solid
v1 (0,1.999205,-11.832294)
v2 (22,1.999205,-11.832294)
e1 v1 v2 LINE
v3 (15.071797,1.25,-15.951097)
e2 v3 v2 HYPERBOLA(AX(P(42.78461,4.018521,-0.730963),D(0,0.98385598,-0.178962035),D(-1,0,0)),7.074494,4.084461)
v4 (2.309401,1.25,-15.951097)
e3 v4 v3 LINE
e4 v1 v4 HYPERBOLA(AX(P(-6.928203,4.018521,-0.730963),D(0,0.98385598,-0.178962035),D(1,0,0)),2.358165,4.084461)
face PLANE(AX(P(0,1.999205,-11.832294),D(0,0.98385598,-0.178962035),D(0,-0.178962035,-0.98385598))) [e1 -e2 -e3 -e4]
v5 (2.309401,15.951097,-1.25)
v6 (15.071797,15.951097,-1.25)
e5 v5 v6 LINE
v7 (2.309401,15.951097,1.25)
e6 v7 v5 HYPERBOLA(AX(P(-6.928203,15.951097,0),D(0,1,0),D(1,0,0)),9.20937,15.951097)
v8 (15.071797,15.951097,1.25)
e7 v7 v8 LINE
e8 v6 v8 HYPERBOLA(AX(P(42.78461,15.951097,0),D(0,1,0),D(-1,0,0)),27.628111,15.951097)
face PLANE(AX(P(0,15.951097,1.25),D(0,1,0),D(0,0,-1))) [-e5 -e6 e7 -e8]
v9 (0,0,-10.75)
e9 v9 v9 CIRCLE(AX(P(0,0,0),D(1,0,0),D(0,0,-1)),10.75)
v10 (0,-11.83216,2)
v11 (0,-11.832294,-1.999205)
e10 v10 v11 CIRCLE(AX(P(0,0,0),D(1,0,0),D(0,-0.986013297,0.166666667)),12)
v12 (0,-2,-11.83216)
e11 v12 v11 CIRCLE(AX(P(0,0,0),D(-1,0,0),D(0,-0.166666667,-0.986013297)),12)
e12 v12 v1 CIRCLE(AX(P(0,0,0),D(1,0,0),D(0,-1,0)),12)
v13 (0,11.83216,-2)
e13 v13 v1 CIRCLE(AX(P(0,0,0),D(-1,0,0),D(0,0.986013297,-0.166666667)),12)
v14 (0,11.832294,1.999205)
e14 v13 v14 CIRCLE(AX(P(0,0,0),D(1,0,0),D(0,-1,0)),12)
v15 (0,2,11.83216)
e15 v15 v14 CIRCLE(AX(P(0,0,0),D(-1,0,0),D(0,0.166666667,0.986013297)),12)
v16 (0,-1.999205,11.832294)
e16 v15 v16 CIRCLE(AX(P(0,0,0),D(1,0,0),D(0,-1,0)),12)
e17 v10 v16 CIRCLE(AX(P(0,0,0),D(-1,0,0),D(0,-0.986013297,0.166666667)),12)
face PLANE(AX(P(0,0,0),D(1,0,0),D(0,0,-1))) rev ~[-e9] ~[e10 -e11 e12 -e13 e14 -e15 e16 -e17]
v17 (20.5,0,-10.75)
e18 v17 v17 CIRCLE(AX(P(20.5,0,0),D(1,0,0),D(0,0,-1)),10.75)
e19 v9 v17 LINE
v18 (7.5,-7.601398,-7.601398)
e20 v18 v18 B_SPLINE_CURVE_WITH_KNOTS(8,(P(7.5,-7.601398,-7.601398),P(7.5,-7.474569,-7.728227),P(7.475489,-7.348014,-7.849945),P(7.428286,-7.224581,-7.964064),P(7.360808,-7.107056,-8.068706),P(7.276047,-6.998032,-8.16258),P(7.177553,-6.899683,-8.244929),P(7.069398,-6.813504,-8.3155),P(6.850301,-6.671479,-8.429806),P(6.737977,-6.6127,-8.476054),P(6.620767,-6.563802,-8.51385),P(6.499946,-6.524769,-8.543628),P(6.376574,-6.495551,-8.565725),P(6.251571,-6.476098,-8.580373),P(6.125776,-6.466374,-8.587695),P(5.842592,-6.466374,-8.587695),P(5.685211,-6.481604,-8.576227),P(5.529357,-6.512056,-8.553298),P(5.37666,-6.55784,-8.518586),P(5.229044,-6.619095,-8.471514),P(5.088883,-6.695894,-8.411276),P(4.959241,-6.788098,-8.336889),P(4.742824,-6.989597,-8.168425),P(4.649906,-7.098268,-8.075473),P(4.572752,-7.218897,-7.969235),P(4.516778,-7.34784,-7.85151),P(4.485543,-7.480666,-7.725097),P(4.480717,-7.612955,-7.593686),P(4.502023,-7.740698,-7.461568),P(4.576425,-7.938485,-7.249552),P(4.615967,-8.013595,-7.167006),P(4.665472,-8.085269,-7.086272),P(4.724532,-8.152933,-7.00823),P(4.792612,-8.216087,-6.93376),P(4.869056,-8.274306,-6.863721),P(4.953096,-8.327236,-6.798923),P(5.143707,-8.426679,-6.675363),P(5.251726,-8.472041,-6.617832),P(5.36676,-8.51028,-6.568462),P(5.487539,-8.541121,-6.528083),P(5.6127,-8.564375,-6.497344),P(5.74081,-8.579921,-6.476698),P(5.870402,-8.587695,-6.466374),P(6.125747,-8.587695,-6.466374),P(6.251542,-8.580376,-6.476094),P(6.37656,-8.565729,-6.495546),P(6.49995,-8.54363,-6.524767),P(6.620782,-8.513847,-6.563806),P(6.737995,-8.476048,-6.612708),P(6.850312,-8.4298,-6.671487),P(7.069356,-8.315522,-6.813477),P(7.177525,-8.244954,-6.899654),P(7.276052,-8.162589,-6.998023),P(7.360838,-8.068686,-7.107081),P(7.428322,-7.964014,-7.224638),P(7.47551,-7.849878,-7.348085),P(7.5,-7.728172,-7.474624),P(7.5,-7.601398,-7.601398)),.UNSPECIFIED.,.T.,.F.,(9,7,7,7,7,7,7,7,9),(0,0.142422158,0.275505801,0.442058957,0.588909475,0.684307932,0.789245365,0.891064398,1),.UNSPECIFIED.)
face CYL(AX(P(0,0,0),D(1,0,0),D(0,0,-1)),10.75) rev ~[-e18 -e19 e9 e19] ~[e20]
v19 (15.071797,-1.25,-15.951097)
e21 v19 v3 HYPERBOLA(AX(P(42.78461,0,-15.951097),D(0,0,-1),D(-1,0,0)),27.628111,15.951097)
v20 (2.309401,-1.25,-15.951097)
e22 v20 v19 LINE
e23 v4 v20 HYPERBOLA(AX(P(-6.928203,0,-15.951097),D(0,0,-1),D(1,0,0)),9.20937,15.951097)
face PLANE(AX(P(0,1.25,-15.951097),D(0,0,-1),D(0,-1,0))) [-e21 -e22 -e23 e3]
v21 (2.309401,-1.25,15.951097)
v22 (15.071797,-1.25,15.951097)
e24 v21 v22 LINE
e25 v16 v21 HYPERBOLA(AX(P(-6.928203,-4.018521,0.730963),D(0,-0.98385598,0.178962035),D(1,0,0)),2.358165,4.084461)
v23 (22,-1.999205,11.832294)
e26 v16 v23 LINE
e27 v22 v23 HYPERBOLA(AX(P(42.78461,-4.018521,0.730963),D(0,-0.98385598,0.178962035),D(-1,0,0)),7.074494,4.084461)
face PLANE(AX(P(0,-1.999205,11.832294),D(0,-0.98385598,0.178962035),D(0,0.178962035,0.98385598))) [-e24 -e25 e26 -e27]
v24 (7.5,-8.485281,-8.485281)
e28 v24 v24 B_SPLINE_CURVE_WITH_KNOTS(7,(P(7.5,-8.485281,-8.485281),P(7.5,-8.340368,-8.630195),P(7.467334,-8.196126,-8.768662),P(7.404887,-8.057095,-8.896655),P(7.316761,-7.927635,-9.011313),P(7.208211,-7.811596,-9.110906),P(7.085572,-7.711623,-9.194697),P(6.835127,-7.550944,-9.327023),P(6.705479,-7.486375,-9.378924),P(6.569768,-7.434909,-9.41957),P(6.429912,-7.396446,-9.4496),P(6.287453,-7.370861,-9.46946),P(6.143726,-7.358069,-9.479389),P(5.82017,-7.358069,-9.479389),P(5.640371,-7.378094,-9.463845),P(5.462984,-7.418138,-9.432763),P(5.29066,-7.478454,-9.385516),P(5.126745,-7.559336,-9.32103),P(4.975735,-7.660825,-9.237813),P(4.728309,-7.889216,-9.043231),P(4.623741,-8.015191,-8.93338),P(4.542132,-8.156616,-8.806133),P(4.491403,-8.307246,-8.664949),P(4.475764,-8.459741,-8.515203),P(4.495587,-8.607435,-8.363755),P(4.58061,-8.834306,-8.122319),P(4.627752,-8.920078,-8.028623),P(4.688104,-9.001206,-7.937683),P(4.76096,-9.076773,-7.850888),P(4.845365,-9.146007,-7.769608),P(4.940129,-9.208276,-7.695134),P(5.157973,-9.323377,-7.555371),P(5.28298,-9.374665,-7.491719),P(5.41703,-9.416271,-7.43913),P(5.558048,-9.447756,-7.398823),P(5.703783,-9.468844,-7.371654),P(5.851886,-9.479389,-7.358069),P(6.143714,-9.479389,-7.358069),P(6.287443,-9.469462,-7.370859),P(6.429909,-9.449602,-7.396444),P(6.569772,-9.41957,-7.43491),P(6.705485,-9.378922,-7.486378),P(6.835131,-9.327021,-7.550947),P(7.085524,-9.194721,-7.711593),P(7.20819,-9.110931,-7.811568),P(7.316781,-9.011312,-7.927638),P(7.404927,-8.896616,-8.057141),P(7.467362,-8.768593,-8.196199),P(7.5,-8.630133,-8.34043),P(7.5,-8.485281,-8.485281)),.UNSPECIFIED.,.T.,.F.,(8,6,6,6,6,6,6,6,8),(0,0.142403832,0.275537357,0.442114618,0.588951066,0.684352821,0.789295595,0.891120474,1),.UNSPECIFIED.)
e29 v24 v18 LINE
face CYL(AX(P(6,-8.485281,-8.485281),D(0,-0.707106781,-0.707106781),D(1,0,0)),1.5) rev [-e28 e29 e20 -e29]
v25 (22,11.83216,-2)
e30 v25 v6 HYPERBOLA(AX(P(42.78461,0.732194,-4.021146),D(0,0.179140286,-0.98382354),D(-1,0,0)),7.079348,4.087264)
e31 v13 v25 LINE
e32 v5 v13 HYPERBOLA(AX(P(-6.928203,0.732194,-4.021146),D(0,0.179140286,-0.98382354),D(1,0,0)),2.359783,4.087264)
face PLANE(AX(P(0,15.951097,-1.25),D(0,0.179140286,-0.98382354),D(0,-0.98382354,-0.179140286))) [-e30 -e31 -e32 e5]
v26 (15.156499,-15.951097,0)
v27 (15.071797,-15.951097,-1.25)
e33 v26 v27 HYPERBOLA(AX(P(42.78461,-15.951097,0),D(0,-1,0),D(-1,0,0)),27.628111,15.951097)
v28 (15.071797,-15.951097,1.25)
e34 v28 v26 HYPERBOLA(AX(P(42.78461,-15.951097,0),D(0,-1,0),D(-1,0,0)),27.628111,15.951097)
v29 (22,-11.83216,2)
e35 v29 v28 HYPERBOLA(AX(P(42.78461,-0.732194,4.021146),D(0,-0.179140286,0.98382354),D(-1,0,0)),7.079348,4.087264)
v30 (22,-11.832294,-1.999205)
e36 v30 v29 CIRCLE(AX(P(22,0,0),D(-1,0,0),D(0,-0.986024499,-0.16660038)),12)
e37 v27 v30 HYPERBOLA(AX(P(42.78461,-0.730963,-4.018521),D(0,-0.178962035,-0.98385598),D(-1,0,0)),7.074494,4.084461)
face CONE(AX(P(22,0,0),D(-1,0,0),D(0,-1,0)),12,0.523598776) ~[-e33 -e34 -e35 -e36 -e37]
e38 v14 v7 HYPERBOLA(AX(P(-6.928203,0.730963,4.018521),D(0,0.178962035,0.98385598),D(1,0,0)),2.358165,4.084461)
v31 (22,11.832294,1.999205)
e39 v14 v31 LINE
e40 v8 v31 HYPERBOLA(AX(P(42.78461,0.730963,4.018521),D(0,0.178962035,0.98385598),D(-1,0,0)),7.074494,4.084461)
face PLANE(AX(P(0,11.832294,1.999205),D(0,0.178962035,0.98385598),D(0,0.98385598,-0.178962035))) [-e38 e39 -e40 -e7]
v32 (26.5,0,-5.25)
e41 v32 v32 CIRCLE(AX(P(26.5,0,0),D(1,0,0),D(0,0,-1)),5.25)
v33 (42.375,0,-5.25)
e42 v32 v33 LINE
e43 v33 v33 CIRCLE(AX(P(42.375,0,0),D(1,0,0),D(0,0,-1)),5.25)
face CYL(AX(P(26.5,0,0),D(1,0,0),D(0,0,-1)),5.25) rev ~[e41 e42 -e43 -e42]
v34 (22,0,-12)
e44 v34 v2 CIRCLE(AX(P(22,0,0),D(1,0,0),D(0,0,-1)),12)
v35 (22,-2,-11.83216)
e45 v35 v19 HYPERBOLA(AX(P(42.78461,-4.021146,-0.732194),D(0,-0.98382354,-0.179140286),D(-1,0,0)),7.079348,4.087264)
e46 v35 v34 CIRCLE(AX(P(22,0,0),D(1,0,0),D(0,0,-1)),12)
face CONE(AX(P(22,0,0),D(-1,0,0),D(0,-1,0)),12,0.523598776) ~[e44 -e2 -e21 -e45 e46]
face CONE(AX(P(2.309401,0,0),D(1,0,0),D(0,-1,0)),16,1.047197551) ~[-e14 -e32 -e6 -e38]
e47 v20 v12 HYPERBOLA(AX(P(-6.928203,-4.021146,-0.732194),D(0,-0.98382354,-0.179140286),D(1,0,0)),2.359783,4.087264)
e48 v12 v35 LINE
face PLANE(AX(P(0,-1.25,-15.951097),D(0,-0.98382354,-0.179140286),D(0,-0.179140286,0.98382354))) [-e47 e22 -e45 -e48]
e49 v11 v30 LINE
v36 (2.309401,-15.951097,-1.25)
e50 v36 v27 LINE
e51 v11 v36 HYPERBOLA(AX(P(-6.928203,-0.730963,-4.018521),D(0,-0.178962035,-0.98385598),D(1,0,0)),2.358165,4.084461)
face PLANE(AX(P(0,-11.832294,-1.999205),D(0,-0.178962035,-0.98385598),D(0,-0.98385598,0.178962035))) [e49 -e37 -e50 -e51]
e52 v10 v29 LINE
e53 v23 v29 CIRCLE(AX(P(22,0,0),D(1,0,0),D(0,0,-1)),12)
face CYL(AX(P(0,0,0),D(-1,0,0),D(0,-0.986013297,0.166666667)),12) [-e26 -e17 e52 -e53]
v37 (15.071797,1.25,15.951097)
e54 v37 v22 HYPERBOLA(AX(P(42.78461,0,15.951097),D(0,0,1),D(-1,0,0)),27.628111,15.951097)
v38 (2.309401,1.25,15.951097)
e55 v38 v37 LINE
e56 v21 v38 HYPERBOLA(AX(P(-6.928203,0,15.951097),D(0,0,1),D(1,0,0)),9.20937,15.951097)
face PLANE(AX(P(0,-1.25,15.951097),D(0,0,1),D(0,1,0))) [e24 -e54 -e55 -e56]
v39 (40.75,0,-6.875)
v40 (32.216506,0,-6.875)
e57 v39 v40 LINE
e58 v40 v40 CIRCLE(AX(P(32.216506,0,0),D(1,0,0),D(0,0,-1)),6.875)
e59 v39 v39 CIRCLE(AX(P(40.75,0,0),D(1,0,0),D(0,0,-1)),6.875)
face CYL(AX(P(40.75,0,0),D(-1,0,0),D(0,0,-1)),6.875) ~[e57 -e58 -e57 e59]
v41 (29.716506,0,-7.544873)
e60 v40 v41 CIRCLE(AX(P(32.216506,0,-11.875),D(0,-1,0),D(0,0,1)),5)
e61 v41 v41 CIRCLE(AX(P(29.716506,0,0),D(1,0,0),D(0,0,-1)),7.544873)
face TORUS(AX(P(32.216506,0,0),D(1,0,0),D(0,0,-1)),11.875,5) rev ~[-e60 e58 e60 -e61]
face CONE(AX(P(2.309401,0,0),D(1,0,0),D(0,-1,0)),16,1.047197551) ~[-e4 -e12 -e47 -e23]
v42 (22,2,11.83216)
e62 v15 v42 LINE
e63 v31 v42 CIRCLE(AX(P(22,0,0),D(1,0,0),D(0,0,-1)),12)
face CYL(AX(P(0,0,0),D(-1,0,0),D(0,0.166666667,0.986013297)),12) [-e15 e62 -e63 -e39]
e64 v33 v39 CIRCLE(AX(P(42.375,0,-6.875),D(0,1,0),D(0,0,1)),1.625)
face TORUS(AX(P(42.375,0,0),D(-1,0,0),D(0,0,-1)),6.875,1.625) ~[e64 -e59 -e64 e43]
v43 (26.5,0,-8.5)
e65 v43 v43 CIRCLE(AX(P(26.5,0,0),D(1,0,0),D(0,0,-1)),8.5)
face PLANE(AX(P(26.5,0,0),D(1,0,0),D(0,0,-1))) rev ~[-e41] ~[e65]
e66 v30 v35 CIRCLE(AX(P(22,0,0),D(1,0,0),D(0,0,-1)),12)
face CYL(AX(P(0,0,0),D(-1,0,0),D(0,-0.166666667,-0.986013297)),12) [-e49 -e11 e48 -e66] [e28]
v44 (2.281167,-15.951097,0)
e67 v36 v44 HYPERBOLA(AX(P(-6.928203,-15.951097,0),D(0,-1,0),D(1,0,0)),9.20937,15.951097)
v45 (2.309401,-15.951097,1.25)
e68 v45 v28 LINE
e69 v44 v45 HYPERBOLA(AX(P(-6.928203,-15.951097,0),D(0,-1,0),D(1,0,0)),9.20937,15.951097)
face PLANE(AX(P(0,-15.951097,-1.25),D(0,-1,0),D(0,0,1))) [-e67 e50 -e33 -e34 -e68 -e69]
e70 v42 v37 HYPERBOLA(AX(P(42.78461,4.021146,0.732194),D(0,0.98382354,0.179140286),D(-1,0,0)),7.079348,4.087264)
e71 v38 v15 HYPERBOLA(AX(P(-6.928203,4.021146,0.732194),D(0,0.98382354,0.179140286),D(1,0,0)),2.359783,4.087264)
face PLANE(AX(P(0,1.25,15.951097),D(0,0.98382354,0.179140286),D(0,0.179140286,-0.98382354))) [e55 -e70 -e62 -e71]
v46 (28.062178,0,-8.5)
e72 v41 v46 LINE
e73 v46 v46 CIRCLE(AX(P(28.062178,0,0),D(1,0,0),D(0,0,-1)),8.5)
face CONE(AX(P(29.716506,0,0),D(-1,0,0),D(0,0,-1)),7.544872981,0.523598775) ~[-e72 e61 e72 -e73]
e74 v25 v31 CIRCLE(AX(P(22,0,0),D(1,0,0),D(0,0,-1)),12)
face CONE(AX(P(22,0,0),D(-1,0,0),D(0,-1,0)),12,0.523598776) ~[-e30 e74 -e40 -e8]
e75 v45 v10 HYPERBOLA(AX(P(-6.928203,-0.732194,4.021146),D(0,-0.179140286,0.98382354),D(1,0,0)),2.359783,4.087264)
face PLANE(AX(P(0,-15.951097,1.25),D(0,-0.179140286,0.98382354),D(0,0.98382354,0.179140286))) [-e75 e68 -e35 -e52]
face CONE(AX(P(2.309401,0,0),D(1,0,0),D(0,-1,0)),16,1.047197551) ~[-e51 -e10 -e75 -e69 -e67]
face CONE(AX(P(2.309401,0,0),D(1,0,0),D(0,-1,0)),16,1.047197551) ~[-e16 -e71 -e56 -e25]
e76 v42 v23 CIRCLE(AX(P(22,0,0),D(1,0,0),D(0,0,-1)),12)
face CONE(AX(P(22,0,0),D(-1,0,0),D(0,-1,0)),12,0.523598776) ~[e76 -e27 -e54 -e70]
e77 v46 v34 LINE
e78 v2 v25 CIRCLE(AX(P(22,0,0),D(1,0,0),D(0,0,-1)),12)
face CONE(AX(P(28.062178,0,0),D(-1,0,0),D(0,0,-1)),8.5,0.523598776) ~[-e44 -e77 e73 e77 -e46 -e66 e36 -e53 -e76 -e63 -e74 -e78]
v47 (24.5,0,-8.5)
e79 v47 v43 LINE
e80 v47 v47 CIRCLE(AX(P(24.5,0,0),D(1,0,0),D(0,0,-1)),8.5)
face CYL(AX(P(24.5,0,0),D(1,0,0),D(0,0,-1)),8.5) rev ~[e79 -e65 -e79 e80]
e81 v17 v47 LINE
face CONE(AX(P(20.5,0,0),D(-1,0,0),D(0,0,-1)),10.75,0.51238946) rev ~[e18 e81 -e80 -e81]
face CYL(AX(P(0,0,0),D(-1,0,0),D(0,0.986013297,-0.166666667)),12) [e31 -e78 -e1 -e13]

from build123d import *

# Parameters (mm, degrees)
CUT_EXTRUDE9_DEPTH  = 45.0000001
CUT_EXTRUDE10_REACH = 36.558
SKETCH8_R           = 1.5


with BuildPart() as part:
    # Sketch1 → Revolve1 (revolve)
    with BuildSketch(Plane(origin=(0, 0, 0), x_dir=(1, 0, 0), z_dir=(0, 1, 0))):
        with BuildLine():
            Line((0, 12), (0, 10.75))
            Line((0, 10.75), (3.5, 10.75))
            Line((3.5, 10.75), (18.5, 10.75))
            Line((18.5, 10.75), (20.5, 10.75))
            Line((20.5, 10.75), (24.5, 8.5))
            Line((24.5, 8.5), (26.5, 8.5))
            Line((26.5, 8.5), (26.5, 5.25))
            Line((26.5, 5.25), (42.375, 5.25))
            ThreePointArc((42.375, 5.25), (43.524048519, 8.024048519), (40.75, 6.875))
            Line((40.75, 6.875), (32.216506351, 6.875))
            ThreePointArc((32.216506351, 6.875), (30.922411125, 7.045370869), (29.716506351, 7.544872981))
            Line((29.716506351, 7.544872981), (28.062177826, 8.5))
            Line((28.062177826, 8.5), (22, 12))
            Line((22, 12), (0, 12))
        make_face()
    revolve(axis=Axis((-40.558590026, 0, 0), (1, 0, 0)))

    # Sketch5 → Revolve2 (revolve)
    with BuildSketch(Plane.XY):
        Polygon((22, -12), (15.07179677, -16), (2.309401077, -16), (0, -12), align=None)
    revolve(axis=Axis((-0.804180618, 0, 0), (1, 0, 0)))

    # Sketch7 → Cut-Extrude9 (cut, through all)
    with BuildSketch(Plane(origin=(0, 0, 0), x_dir=(0, 0, -1), z_dir=(1, 0, 0))):
        with BuildLine():
            ThreePointArc((1.25, 15.951097141), (0, 16), (-1.25, 15.951097141))
            Line((-1.25, 15.951097141), (1.25, 15.951097141))
        make_face()
        with BuildLine():
            Line((-11.832293992, -1.999204566), (-15.951097141, -1.25))
            ThreePointArc((-15.951097141, -1.25), (-11.313708499, -11.313708499), (-1.25, -15.951097141))
            Line((-1.25, -15.951097141), (-2, -11.832159566))
            ThreePointArc((-2, -11.832159566), (-8.485566586, -8.484996153), (-11.832293992, -1.999204566))
        make_face()
        with BuildLine():
            ThreePointArc((15.951097141, 1.25), (11.313708499, 11.313708499), (1.25, 15.951097141))
            Line((1.25, 15.951097141), (2, 11.832159566))
            ThreePointArc((2, 11.832159566), (8.485566586, 8.484996153), (11.832293992, 1.999204566))
            Line((11.832293992, 1.999204566), (15.951097141, 1.25))
        make_face()
        with BuildLine():
            Line((-15.951097141, 1.25), (-11.832159566, 2))
            ThreePointArc((-11.832159566, 2), (-8.484996153, 8.485566586), (-1.999204566, 11.832293992))
            Line((-1.999204566, 11.832293992), (-1.25, 15.951097141))
            ThreePointArc((-1.25, 15.951097141), (-11.313708499, 11.313708499), (-15.951097141, 1.25))
        make_face()
        with BuildLine():
            Line((1.999204566, -11.832293992), (1.25, -15.951097141))
            ThreePointArc((1.25, -15.951097141), (11.313708499, -11.313708499), (15.951097141, -1.25))
            Line((15.951097141, -1.25), (11.832159566, -2))
            ThreePointArc((11.832159566, -2), (8.484996153, -8.485566586), (1.999204566, -11.832293992))
        make_face()
        with BuildLine():
            Line((1.25, -15.951097141), (-1.25, -15.951097141))
            ThreePointArc((-1.25, -15.951097141), (0, -16), (1.25, -15.951097141))
        make_face()
        with BuildLine():
            Line((-15.951097141, -1.25), (-15.951097141, 1.25))
            ThreePointArc((-15.951097141, 1.25), (-16, 0), (-15.951097141, -1.25))
        make_face()
        with BuildLine():
            ThreePointArc((16, 0), (15.987769611, 0.625478115), (15.951097141, 1.25))
            Line((15.951097141, 1.25), (15.951097141, -1.25))
            ThreePointArc((15.951097141, -1.25), (15.987769611, -0.625478115), (16, 0))
        make_face()
    extrude(amount=CUT_EXTRUDE9_DEPTH, mode=Mode.SUBTRACT)

    # Sketch8 → Cut-Extrude10 (cut, up to next)
    with BuildSketch(Plane(origin=(0, -8.485281374, -8.485281374), x_dir=(1, 0, 0), z_dir=(0, 0.707106781, 0.707106781)), mode=Mode.PRIVATE) as cut_extrude10_sk1:
        with Locations((6, 0)):
            Circle(SKETCH8_R)
    cut_extrude10_tool1 = extrude(cut_extrude10_sk1.sketch, amount=CUT_EXTRUDE10_REACH, mode=Mode.PRIVATE) & part.part
    add(cut_extrude10_tool1.solids().sort_by_distance((6, -8.485281, -8.485281))[0], mode=Mode.SUBTRACT)


solid = part.part
